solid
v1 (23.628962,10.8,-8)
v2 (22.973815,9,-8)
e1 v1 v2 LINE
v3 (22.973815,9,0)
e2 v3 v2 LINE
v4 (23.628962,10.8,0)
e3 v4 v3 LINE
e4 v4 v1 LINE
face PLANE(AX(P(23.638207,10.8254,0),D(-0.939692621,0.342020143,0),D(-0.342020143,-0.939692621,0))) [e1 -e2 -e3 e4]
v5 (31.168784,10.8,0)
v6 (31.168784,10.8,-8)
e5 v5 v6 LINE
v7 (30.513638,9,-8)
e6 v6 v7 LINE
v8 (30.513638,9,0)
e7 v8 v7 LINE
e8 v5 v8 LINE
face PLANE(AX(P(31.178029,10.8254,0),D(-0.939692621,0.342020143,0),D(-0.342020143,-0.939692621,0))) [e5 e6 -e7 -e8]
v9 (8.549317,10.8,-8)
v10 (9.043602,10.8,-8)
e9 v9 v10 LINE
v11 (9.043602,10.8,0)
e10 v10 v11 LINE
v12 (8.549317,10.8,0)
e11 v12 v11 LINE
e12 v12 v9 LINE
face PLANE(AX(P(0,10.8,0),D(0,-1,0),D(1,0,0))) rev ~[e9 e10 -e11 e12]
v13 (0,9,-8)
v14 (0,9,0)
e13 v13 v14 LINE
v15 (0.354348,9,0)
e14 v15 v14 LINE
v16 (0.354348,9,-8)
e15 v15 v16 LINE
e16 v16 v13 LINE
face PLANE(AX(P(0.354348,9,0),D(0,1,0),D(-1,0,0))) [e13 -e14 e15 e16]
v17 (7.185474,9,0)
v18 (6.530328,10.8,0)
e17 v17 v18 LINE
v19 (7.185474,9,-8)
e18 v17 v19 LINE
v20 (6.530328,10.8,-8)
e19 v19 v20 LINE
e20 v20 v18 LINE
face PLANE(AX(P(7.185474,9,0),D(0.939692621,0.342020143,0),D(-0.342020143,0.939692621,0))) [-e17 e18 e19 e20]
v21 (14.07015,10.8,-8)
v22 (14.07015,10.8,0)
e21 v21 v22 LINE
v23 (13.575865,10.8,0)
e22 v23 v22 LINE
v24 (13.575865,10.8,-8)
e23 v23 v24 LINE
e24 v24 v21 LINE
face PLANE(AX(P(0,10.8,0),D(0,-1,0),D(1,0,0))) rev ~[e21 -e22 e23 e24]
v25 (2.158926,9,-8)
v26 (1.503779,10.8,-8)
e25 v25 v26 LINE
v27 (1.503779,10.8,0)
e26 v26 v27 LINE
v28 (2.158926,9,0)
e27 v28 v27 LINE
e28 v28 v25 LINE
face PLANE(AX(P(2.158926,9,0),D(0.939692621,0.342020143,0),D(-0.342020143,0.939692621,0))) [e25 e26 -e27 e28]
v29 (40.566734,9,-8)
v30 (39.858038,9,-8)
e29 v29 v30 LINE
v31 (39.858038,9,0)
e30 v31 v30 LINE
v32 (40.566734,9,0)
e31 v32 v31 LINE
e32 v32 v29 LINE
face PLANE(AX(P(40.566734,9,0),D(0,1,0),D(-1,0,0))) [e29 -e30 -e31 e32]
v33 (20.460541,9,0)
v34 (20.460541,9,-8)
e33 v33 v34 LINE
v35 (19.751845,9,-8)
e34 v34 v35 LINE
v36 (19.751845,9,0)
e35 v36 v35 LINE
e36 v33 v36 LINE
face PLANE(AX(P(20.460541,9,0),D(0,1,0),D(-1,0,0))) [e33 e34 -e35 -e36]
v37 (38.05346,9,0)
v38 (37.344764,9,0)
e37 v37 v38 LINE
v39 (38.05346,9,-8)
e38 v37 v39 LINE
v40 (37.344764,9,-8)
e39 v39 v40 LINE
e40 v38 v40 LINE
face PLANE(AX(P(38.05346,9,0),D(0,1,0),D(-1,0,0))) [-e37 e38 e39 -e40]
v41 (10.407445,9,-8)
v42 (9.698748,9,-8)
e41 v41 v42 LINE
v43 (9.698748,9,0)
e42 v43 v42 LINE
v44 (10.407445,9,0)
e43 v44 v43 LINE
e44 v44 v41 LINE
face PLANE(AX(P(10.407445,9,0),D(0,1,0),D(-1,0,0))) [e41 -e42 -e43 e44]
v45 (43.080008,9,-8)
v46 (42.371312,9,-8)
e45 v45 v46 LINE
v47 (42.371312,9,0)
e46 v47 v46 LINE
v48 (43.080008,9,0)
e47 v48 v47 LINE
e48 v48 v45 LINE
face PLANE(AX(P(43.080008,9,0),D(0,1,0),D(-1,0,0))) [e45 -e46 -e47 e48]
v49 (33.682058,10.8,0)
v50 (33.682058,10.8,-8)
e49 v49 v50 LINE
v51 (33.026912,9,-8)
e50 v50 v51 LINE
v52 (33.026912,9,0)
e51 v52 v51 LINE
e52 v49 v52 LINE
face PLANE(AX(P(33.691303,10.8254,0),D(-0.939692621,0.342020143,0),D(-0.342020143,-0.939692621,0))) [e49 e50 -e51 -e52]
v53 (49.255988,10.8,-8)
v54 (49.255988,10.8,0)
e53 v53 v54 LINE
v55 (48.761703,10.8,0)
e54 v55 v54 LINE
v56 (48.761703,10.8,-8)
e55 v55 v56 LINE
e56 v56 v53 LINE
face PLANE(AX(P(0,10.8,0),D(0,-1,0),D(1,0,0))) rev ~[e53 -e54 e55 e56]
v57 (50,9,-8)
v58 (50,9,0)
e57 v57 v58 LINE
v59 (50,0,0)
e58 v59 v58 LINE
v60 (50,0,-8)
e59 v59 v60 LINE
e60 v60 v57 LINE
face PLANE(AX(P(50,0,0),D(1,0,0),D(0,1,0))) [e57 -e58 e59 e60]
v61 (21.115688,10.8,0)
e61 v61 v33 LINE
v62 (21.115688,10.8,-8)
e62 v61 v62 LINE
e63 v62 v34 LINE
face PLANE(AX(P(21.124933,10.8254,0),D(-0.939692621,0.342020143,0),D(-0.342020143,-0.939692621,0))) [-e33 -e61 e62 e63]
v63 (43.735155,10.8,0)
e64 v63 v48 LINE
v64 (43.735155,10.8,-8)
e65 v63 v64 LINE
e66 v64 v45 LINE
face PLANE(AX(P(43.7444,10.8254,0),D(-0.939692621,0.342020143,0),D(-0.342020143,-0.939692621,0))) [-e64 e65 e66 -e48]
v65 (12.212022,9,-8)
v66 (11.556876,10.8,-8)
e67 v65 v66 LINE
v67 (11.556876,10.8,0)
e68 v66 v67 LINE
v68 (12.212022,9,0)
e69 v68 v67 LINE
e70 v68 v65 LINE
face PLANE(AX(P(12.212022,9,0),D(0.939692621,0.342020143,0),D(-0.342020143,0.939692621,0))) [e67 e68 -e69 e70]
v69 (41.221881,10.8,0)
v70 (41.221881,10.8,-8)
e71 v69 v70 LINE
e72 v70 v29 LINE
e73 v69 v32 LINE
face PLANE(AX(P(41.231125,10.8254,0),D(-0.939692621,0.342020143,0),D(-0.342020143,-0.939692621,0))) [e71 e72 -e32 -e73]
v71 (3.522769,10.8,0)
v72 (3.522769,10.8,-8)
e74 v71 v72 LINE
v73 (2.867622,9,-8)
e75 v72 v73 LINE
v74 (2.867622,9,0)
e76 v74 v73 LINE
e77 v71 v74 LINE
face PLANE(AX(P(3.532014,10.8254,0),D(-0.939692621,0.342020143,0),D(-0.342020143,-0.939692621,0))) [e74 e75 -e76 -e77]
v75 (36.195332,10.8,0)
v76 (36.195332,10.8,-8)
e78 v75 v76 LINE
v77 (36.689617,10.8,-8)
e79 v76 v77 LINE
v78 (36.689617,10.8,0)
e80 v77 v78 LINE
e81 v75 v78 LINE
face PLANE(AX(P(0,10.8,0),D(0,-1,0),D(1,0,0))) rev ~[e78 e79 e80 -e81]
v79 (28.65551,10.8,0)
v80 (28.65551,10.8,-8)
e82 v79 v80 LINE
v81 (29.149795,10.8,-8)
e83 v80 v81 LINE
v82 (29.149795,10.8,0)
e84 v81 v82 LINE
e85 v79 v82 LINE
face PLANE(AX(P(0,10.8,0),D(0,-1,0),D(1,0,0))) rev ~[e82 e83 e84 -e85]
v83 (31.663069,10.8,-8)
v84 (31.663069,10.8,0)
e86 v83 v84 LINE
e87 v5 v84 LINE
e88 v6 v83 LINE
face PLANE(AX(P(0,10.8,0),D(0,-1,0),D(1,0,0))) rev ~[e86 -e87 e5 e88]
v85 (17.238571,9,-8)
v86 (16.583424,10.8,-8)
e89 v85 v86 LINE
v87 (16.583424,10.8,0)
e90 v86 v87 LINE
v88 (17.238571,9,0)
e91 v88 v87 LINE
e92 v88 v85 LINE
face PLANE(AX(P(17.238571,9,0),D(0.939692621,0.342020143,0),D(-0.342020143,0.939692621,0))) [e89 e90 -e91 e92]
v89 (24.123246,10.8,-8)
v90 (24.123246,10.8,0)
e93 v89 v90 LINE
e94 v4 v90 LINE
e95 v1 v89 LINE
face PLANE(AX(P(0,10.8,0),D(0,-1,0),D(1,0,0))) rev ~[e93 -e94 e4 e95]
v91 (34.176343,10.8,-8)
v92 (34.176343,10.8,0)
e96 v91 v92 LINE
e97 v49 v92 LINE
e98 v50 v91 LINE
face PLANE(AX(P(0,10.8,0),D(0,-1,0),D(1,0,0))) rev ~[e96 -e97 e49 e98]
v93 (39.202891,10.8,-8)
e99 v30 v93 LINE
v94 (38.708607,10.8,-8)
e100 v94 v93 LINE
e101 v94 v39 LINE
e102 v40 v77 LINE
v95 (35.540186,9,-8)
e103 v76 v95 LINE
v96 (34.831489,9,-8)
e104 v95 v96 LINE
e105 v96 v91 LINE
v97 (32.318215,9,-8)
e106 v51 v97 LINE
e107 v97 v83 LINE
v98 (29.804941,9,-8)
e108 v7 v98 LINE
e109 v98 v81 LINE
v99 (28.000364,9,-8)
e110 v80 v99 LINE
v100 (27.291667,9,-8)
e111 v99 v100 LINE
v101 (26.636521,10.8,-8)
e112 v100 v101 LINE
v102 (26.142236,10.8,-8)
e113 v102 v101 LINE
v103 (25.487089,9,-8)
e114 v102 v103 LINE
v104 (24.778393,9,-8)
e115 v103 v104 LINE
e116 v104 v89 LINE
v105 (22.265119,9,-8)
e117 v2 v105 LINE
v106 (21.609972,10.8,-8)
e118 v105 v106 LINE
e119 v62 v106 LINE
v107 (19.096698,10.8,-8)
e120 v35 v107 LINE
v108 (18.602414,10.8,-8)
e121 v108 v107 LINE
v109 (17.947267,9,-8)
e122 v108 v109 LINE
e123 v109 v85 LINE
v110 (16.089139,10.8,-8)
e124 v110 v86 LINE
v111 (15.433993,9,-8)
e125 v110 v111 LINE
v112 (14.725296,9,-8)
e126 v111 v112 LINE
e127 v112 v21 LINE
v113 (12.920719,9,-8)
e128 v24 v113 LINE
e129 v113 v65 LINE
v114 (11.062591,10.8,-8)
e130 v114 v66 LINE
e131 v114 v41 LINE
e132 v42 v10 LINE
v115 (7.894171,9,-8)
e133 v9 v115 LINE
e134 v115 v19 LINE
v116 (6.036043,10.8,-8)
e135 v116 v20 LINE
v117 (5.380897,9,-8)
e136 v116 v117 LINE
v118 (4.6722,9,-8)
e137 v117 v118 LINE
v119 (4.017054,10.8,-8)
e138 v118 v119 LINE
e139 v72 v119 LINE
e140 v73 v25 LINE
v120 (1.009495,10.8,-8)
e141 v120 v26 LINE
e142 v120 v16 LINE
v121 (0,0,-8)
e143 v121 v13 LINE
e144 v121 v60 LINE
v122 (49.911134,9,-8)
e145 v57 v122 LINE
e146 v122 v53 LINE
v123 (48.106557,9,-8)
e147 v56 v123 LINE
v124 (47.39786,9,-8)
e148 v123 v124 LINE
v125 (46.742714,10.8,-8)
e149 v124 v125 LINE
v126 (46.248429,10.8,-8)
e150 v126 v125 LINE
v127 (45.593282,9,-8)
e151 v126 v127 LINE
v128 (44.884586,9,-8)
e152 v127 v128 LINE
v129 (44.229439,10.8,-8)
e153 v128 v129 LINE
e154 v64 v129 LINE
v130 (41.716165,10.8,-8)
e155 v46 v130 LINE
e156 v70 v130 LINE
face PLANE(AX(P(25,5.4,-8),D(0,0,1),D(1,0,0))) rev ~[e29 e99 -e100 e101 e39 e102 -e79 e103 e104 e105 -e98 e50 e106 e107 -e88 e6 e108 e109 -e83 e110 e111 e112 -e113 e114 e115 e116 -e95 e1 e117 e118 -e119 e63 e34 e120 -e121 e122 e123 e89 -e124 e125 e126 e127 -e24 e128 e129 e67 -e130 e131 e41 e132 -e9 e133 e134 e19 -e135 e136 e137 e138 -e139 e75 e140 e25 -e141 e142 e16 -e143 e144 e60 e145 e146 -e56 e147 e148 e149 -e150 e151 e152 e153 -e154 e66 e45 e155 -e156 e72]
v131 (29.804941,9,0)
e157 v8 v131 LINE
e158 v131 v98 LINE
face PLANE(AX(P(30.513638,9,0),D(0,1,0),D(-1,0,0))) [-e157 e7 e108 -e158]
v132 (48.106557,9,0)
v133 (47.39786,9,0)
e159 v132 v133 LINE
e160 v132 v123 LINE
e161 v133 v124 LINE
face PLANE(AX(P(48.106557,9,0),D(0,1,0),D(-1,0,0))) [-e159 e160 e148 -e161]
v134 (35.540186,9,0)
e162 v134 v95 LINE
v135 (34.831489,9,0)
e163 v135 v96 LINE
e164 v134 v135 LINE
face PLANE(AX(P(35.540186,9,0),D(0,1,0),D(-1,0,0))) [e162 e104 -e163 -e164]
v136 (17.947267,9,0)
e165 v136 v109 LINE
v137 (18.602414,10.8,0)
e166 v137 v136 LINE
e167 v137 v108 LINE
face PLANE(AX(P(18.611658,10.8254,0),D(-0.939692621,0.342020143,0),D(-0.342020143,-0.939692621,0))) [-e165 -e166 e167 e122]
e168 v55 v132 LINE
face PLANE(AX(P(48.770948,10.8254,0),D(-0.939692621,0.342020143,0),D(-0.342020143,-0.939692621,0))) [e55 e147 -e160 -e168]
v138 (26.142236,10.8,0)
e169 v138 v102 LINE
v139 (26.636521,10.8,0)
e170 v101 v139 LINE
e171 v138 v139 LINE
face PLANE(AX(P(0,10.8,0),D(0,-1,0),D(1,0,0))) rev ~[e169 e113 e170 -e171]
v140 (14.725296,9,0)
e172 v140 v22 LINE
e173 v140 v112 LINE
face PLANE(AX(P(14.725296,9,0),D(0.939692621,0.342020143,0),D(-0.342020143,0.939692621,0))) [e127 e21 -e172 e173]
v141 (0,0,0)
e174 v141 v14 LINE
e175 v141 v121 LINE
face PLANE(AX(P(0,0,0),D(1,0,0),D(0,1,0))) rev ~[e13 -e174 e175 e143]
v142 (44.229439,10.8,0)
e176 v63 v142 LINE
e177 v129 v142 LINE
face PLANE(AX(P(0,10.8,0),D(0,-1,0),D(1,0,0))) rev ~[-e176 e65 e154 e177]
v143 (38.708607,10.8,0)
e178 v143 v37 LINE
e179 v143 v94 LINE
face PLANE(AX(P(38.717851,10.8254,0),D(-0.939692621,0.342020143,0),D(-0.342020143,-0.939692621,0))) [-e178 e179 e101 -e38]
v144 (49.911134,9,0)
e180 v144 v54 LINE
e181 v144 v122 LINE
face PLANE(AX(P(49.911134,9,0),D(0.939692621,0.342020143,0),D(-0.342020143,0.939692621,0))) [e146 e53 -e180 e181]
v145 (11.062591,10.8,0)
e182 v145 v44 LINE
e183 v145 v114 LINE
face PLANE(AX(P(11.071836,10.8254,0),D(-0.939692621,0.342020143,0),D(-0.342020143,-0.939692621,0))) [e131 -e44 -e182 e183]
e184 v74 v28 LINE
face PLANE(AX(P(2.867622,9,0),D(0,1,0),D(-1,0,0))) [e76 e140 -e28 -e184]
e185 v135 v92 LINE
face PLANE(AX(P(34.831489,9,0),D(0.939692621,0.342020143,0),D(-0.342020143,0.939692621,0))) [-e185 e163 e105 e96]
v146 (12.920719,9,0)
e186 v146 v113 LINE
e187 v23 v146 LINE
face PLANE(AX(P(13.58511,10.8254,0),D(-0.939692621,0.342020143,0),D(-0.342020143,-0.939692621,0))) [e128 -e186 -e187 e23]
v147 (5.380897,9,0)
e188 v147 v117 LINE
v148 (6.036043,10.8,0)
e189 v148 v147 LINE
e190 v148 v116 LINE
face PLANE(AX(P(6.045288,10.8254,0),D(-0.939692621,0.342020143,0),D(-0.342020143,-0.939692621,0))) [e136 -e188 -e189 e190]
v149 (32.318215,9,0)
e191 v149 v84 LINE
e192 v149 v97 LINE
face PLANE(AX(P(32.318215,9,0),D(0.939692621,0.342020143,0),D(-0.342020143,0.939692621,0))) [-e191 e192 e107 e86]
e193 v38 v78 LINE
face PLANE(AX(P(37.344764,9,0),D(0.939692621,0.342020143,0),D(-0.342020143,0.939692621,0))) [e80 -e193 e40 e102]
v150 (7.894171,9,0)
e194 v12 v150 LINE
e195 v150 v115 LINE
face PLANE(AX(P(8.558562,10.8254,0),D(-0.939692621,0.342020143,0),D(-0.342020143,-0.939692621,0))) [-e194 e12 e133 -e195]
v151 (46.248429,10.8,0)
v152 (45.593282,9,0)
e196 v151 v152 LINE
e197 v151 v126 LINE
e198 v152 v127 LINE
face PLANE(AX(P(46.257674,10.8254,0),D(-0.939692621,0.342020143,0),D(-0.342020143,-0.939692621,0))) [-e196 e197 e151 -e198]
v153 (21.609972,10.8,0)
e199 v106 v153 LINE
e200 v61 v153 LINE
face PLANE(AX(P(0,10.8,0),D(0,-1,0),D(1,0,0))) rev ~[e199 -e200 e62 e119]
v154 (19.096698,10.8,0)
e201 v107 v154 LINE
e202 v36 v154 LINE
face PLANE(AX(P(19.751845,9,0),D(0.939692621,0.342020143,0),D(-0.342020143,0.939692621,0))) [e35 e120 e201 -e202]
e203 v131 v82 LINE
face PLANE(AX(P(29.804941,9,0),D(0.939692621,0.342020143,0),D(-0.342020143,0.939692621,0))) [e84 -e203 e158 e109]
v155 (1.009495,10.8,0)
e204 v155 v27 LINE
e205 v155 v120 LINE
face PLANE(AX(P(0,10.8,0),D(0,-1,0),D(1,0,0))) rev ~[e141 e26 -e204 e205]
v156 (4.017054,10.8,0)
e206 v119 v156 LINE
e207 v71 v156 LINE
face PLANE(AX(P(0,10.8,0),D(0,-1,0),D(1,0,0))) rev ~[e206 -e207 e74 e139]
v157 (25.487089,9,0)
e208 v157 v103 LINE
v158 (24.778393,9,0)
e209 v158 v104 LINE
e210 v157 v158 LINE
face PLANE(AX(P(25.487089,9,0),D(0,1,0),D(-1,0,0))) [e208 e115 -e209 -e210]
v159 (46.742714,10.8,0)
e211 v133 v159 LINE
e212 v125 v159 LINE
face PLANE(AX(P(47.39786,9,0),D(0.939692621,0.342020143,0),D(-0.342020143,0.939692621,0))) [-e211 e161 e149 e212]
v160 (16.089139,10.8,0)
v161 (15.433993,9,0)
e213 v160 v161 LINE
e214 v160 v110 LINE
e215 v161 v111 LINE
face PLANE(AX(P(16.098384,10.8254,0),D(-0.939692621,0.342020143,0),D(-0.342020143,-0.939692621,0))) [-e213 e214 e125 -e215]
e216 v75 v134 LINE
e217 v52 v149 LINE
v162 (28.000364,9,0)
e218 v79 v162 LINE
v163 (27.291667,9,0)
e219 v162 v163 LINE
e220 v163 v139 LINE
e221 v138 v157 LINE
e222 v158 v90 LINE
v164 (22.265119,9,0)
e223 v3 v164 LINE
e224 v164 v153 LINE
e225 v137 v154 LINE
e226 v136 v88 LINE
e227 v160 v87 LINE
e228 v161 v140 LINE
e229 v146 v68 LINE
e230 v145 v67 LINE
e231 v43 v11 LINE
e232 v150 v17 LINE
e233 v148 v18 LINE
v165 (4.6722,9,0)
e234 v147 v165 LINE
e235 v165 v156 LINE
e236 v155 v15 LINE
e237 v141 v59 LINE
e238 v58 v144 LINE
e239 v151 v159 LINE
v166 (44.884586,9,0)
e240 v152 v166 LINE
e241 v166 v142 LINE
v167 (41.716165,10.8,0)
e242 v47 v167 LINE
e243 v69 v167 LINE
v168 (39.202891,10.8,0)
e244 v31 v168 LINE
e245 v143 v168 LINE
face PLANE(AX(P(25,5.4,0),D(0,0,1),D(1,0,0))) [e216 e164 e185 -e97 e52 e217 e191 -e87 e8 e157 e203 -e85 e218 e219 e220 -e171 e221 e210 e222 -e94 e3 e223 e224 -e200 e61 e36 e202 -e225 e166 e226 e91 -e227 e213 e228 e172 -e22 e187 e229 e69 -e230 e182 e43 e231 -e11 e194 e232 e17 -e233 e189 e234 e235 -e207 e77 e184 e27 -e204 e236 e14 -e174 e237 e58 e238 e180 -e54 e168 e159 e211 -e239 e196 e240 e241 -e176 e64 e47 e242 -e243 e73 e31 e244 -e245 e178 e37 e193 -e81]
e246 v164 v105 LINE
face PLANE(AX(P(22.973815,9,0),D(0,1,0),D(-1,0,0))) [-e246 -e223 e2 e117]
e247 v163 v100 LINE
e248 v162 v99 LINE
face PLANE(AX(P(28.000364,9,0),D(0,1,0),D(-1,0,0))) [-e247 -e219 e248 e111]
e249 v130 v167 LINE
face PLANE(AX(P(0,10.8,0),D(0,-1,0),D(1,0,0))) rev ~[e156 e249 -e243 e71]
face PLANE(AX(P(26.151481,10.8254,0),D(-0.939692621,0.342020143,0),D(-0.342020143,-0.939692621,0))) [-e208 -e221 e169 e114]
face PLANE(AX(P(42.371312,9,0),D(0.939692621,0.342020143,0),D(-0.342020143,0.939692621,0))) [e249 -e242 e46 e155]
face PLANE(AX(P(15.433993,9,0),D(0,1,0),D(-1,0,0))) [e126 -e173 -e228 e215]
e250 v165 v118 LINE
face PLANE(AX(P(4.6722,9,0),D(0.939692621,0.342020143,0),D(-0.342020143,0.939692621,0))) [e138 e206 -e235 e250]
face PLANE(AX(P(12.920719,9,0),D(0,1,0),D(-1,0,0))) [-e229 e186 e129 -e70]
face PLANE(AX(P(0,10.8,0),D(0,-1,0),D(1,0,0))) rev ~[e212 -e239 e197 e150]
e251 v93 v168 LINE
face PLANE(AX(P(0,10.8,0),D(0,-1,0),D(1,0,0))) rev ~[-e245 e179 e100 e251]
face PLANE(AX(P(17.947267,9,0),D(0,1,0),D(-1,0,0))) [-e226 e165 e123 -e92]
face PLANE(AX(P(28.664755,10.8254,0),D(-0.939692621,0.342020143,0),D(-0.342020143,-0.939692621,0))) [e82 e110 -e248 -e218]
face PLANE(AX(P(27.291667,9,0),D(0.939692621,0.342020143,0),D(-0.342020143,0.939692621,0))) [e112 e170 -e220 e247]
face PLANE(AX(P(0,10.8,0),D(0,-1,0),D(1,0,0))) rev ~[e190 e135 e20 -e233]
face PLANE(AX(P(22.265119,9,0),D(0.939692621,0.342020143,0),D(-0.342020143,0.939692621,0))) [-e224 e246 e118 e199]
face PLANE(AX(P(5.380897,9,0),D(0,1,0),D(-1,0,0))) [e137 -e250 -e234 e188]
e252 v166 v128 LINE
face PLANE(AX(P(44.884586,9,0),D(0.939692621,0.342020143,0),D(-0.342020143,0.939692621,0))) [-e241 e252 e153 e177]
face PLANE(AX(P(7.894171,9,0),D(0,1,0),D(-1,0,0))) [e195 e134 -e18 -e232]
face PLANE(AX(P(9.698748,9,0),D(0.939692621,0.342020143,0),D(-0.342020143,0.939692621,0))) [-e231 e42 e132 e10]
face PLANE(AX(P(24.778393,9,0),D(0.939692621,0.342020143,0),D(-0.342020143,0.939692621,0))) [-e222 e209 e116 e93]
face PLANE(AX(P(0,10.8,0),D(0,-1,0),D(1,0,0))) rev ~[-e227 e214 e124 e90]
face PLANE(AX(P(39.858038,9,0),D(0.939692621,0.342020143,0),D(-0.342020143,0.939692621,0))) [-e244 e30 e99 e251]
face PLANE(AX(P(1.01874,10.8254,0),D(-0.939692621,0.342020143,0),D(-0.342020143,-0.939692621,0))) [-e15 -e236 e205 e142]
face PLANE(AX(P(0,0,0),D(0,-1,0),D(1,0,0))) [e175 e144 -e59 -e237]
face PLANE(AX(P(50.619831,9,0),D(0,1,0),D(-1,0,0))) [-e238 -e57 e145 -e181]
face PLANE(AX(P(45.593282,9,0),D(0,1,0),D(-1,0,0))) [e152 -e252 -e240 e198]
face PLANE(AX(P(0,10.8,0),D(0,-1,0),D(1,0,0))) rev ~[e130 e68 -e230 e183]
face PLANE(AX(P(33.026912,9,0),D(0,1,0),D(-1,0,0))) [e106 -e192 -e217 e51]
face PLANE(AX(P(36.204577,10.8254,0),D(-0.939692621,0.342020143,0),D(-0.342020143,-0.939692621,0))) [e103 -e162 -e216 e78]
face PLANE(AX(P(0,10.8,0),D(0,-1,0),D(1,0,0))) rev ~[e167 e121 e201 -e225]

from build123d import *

# Parameters (mm, degrees)
BLANKSKE_W        = 50
BLANKSKE_H        = 10.8
BLANK_DEPTH       = 8
TOOTHCUTSIM_DEPTH = 52.774897392
TEETHCUTS_COUNT   = 21
TEETHCUTS_PITCH   = 2.51327412


with BuildPart() as part:
    # BlankSke → Blank (new body)
    with BuildSketch(Plane.XY):
        with Locations((25, 5.4)):
            Rectangle(BLANKSKE_W, BLANKSKE_H)
    extrude(amount=-BLANK_DEPTH)

    # TooCutSkeSim → ToothCutSim (cut, through all)
    with BuildSketch(Plane.XY):
        Polygon((0.354348296, 9), (-0.354348296, 9), (-1.018739561, 10.8254), (1.018739561, 10.8254), align=None)
    toothcutsim = extrude(amount=-TOOTHCUTSIM_DEPTH, mode=Mode.SUBTRACT)

    # TeethCuts: ToothCutSim ×21
    with Locations(*[(i * TEETHCUTS_PITCH, 0, 0) for i in range(1, TEETHCUTS_COUNT)]):
        add(toothcutsim, mode=Mode.SUBTRACT)


solid = part.part
